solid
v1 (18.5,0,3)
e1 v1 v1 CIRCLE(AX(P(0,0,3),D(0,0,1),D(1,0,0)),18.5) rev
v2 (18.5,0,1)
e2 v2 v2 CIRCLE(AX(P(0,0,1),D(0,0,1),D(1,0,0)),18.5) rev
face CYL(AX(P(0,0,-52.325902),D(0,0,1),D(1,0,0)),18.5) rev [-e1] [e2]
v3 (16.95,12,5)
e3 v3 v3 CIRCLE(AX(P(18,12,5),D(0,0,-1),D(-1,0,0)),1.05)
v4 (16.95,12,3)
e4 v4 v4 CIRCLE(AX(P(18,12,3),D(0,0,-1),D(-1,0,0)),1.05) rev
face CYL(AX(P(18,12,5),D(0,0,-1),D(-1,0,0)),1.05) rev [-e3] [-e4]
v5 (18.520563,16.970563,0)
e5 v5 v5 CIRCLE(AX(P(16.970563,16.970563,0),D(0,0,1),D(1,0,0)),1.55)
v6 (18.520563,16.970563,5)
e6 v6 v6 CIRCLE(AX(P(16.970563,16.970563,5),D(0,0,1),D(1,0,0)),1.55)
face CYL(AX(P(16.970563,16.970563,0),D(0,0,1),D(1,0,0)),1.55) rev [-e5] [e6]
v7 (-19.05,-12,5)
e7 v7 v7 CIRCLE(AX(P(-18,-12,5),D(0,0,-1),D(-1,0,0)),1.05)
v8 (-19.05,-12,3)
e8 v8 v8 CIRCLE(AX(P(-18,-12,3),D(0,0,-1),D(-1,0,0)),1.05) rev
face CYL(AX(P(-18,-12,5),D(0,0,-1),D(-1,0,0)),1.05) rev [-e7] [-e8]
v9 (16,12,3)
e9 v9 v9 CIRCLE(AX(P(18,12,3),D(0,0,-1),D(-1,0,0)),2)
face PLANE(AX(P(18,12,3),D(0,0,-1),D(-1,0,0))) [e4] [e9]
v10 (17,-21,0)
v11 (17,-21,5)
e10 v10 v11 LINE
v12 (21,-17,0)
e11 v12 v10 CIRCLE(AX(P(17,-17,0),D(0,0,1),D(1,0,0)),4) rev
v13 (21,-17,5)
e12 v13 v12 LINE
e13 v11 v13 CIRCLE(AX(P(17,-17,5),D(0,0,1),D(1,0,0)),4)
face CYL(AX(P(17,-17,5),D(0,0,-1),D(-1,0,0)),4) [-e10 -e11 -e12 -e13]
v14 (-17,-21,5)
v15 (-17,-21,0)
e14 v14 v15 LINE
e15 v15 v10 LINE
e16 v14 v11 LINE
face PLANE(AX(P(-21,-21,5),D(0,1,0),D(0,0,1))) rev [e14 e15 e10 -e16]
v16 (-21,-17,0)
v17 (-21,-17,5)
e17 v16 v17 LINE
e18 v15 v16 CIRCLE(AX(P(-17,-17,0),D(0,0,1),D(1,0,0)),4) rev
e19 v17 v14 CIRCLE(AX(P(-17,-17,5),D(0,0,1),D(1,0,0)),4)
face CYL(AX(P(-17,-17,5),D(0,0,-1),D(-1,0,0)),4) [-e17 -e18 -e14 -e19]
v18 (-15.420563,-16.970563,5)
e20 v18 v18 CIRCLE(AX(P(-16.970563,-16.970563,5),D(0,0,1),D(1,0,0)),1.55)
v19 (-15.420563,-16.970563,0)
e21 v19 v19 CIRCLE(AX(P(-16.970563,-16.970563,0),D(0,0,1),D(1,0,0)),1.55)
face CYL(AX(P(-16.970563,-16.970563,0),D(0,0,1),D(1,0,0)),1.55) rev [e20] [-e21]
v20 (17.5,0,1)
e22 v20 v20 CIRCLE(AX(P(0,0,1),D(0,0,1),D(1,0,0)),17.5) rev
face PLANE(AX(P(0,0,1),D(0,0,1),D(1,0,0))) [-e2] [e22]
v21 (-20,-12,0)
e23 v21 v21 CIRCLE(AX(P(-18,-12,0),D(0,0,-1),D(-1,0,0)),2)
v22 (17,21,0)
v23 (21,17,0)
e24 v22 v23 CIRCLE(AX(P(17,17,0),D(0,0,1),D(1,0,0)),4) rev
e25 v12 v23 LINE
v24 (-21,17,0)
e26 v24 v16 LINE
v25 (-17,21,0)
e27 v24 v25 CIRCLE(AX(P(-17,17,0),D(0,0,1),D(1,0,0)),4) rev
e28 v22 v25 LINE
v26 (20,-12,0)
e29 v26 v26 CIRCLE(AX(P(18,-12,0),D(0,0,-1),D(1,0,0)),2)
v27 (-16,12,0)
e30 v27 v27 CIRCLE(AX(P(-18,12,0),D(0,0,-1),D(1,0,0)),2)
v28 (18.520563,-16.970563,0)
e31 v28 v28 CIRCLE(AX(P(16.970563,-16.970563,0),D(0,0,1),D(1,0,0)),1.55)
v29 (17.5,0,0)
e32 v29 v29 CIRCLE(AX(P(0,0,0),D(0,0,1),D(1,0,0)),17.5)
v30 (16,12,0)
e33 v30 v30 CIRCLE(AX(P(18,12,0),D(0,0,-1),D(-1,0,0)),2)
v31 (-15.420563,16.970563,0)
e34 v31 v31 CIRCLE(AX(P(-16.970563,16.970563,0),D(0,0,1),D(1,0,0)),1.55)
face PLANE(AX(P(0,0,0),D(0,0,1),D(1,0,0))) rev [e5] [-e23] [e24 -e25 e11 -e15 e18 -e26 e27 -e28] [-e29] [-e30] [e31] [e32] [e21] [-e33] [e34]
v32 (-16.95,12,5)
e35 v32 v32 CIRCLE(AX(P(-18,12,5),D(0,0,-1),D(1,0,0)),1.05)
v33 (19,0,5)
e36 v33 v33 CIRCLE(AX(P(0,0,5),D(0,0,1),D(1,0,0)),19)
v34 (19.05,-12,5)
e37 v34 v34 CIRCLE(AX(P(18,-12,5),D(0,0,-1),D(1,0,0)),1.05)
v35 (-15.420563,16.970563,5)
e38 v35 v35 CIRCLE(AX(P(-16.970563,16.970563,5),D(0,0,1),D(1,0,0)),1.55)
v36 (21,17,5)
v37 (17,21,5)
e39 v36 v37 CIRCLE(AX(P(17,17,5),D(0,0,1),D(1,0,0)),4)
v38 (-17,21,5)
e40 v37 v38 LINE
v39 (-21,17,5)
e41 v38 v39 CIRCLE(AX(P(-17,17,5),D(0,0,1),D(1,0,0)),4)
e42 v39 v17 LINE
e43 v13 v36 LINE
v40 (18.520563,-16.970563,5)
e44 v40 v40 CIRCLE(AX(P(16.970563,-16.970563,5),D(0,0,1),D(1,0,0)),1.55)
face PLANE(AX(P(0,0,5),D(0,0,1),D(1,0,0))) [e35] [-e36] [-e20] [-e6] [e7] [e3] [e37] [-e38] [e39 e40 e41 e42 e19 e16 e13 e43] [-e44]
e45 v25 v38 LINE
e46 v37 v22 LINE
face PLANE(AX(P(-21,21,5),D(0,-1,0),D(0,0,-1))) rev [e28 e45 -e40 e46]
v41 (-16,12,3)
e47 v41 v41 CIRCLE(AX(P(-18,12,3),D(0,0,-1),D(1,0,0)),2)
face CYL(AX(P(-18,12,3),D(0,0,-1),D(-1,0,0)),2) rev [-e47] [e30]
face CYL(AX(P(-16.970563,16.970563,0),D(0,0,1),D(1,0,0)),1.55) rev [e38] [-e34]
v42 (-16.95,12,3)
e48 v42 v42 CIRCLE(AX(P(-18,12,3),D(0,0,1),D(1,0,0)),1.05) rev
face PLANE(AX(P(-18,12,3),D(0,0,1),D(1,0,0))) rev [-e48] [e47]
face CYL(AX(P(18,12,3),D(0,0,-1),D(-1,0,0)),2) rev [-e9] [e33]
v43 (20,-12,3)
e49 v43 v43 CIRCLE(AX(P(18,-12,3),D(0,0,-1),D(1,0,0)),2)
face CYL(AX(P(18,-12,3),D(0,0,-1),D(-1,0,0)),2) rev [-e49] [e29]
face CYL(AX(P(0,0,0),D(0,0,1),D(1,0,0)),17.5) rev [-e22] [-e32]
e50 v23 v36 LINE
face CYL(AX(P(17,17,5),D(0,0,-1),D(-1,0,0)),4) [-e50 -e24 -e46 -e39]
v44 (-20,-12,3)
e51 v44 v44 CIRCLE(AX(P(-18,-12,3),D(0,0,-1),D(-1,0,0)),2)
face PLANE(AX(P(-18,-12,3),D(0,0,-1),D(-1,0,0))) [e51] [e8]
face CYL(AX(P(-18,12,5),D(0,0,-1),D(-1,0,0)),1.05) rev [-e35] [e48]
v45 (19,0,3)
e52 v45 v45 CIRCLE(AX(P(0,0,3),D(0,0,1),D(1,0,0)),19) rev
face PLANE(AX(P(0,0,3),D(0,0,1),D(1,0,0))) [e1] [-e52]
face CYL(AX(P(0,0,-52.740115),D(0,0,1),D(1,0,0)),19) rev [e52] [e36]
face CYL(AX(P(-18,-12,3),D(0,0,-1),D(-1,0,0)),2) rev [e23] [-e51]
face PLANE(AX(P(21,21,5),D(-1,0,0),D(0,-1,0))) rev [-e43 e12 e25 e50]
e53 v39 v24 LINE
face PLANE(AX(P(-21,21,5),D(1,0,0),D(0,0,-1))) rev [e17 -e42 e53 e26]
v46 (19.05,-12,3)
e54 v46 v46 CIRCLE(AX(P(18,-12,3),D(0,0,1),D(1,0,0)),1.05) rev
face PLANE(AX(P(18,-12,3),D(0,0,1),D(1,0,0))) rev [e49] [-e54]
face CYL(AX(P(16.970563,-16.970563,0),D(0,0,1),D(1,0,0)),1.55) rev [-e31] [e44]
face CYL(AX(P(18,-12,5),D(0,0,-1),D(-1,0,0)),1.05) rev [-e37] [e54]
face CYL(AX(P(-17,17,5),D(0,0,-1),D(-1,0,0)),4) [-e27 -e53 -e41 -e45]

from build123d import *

# Parameters (mm, degrees)
SKETCH_1_W          = 42
SKETCH_1_H          = 42
EXTRUDE_1_DEPTH     = 5
SKETCH_2_R          = 17.5
CUT_EXTRUDE_1_DEPTH = 6
SKETCH_3_R          = 18.5
CUT_EXTRUDE_2_DEPTH = 4
SKETCH_4_R          = 19
CUT_EXTRUDE_3_DEPTH = 2
FILLET_1_R          = 4
SKETCH_5_R          = 1.55
CUT_EXTRUDE_4_DEPTH = 6
SKETCH_7_R          = 1.05
CUT_EXTRUDE_5_DEPTH = 6
SKETCH_8_R          = 2
CUT_EXTRUDE_6_DEPTH = 3


with BuildPart() as part:
    # 草图1 → 凸台-拉伸1 (new body)
    with BuildSketch(Plane.XY):
        Rectangle(SKETCH_1_W, SKETCH_1_H)
    extrude(amount=EXTRUDE_1_DEPTH)

    # 草图2 → 切除-拉伸1 (cut, through all)
    with BuildSketch(Plane.XY.offset(5)):
        Circle(SKETCH_2_R)
    extrude(amount=-CUT_EXTRUDE_1_DEPTH, mode=Mode.SUBTRACT)

    # 草图3 → 切除-拉伸2 (cut)
    with BuildSketch(Plane.XY.offset(5)):
        Circle(SKETCH_3_R)
    extrude(amount=-CUT_EXTRUDE_2_DEPTH, mode=Mode.SUBTRACT)

    # 草图4 → 切除-拉伸3 (cut)
    with BuildSketch(Plane.XY.offset(5)):
        Circle(SKETCH_4_R)
    extrude(amount=-CUT_EXTRUDE_3_DEPTH, mode=Mode.SUBTRACT)

    # 圆角1
    fillet_1_edges = [part.edges().sort_by_distance(p)[0] for p in [
        (21, -21, 2.5),
        (-21, -21, 2.5),
        (-21, 21, 2.5),
        (21, 21, 2.5),
    ]]
    fillet(fillet_1_edges, radius=FILLET_1_R)

    # 草图5 → 切除-拉伸4 (cut, through all)
    with BuildSketch(Plane.XY.offset(5)):
        with Locations((-16.970562748, 16.970562748)):
            Circle(SKETCH_5_R)
        with Locations((16.970562748, 16.970562748)):
            Circle(SKETCH_5_R)
        with Locations((16.970562748, -16.970562748)):
            Circle(SKETCH_5_R)
        with Locations((-16.970562748, -16.970562748)):
            Circle(SKETCH_5_R)
    extrude(amount=-CUT_EXTRUDE_4_DEPTH, mode=Mode.SUBTRACT)

    # 草图7 → 切除-拉伸5 (cut, through all)
    with BuildSketch(Plane(origin=(0, 0, 0), x_dir=(-1, 0, 0), z_dir=(0, 0, -1))):
        with Locations((-18, 12)):
            Circle(SKETCH_7_R)
        with Locations((18, 12)):
            Circle(SKETCH_7_R)
        with Locations((18, -12)):
            Circle(SKETCH_7_R)
        with Locations((-18, -12)):
            Circle(SKETCH_7_R)
    extrude(amount=-CUT_EXTRUDE_5_DEPTH, mode=Mode.SUBTRACT)

    # 草图8 → 切除-拉伸6 (cut)
    with BuildSketch(Plane(origin=(0, 0, 0), x_dir=(-1, 0, 0), z_dir=(0, 0, -1))):
        with Locations((-18, 12)):
            Circle(SKETCH_8_R)
        with Locations((18, 12)):
            Circle(SKETCH_8_R)
        with Locations((18, -12)):
            Circle(SKETCH_8_R)
        with Locations((-18, -12)):
            Circle(SKETCH_8_R)
    extrude(amount=-CUT_EXTRUDE_6_DEPTH, mode=Mode.SUBTRACT)


solid = part.part
